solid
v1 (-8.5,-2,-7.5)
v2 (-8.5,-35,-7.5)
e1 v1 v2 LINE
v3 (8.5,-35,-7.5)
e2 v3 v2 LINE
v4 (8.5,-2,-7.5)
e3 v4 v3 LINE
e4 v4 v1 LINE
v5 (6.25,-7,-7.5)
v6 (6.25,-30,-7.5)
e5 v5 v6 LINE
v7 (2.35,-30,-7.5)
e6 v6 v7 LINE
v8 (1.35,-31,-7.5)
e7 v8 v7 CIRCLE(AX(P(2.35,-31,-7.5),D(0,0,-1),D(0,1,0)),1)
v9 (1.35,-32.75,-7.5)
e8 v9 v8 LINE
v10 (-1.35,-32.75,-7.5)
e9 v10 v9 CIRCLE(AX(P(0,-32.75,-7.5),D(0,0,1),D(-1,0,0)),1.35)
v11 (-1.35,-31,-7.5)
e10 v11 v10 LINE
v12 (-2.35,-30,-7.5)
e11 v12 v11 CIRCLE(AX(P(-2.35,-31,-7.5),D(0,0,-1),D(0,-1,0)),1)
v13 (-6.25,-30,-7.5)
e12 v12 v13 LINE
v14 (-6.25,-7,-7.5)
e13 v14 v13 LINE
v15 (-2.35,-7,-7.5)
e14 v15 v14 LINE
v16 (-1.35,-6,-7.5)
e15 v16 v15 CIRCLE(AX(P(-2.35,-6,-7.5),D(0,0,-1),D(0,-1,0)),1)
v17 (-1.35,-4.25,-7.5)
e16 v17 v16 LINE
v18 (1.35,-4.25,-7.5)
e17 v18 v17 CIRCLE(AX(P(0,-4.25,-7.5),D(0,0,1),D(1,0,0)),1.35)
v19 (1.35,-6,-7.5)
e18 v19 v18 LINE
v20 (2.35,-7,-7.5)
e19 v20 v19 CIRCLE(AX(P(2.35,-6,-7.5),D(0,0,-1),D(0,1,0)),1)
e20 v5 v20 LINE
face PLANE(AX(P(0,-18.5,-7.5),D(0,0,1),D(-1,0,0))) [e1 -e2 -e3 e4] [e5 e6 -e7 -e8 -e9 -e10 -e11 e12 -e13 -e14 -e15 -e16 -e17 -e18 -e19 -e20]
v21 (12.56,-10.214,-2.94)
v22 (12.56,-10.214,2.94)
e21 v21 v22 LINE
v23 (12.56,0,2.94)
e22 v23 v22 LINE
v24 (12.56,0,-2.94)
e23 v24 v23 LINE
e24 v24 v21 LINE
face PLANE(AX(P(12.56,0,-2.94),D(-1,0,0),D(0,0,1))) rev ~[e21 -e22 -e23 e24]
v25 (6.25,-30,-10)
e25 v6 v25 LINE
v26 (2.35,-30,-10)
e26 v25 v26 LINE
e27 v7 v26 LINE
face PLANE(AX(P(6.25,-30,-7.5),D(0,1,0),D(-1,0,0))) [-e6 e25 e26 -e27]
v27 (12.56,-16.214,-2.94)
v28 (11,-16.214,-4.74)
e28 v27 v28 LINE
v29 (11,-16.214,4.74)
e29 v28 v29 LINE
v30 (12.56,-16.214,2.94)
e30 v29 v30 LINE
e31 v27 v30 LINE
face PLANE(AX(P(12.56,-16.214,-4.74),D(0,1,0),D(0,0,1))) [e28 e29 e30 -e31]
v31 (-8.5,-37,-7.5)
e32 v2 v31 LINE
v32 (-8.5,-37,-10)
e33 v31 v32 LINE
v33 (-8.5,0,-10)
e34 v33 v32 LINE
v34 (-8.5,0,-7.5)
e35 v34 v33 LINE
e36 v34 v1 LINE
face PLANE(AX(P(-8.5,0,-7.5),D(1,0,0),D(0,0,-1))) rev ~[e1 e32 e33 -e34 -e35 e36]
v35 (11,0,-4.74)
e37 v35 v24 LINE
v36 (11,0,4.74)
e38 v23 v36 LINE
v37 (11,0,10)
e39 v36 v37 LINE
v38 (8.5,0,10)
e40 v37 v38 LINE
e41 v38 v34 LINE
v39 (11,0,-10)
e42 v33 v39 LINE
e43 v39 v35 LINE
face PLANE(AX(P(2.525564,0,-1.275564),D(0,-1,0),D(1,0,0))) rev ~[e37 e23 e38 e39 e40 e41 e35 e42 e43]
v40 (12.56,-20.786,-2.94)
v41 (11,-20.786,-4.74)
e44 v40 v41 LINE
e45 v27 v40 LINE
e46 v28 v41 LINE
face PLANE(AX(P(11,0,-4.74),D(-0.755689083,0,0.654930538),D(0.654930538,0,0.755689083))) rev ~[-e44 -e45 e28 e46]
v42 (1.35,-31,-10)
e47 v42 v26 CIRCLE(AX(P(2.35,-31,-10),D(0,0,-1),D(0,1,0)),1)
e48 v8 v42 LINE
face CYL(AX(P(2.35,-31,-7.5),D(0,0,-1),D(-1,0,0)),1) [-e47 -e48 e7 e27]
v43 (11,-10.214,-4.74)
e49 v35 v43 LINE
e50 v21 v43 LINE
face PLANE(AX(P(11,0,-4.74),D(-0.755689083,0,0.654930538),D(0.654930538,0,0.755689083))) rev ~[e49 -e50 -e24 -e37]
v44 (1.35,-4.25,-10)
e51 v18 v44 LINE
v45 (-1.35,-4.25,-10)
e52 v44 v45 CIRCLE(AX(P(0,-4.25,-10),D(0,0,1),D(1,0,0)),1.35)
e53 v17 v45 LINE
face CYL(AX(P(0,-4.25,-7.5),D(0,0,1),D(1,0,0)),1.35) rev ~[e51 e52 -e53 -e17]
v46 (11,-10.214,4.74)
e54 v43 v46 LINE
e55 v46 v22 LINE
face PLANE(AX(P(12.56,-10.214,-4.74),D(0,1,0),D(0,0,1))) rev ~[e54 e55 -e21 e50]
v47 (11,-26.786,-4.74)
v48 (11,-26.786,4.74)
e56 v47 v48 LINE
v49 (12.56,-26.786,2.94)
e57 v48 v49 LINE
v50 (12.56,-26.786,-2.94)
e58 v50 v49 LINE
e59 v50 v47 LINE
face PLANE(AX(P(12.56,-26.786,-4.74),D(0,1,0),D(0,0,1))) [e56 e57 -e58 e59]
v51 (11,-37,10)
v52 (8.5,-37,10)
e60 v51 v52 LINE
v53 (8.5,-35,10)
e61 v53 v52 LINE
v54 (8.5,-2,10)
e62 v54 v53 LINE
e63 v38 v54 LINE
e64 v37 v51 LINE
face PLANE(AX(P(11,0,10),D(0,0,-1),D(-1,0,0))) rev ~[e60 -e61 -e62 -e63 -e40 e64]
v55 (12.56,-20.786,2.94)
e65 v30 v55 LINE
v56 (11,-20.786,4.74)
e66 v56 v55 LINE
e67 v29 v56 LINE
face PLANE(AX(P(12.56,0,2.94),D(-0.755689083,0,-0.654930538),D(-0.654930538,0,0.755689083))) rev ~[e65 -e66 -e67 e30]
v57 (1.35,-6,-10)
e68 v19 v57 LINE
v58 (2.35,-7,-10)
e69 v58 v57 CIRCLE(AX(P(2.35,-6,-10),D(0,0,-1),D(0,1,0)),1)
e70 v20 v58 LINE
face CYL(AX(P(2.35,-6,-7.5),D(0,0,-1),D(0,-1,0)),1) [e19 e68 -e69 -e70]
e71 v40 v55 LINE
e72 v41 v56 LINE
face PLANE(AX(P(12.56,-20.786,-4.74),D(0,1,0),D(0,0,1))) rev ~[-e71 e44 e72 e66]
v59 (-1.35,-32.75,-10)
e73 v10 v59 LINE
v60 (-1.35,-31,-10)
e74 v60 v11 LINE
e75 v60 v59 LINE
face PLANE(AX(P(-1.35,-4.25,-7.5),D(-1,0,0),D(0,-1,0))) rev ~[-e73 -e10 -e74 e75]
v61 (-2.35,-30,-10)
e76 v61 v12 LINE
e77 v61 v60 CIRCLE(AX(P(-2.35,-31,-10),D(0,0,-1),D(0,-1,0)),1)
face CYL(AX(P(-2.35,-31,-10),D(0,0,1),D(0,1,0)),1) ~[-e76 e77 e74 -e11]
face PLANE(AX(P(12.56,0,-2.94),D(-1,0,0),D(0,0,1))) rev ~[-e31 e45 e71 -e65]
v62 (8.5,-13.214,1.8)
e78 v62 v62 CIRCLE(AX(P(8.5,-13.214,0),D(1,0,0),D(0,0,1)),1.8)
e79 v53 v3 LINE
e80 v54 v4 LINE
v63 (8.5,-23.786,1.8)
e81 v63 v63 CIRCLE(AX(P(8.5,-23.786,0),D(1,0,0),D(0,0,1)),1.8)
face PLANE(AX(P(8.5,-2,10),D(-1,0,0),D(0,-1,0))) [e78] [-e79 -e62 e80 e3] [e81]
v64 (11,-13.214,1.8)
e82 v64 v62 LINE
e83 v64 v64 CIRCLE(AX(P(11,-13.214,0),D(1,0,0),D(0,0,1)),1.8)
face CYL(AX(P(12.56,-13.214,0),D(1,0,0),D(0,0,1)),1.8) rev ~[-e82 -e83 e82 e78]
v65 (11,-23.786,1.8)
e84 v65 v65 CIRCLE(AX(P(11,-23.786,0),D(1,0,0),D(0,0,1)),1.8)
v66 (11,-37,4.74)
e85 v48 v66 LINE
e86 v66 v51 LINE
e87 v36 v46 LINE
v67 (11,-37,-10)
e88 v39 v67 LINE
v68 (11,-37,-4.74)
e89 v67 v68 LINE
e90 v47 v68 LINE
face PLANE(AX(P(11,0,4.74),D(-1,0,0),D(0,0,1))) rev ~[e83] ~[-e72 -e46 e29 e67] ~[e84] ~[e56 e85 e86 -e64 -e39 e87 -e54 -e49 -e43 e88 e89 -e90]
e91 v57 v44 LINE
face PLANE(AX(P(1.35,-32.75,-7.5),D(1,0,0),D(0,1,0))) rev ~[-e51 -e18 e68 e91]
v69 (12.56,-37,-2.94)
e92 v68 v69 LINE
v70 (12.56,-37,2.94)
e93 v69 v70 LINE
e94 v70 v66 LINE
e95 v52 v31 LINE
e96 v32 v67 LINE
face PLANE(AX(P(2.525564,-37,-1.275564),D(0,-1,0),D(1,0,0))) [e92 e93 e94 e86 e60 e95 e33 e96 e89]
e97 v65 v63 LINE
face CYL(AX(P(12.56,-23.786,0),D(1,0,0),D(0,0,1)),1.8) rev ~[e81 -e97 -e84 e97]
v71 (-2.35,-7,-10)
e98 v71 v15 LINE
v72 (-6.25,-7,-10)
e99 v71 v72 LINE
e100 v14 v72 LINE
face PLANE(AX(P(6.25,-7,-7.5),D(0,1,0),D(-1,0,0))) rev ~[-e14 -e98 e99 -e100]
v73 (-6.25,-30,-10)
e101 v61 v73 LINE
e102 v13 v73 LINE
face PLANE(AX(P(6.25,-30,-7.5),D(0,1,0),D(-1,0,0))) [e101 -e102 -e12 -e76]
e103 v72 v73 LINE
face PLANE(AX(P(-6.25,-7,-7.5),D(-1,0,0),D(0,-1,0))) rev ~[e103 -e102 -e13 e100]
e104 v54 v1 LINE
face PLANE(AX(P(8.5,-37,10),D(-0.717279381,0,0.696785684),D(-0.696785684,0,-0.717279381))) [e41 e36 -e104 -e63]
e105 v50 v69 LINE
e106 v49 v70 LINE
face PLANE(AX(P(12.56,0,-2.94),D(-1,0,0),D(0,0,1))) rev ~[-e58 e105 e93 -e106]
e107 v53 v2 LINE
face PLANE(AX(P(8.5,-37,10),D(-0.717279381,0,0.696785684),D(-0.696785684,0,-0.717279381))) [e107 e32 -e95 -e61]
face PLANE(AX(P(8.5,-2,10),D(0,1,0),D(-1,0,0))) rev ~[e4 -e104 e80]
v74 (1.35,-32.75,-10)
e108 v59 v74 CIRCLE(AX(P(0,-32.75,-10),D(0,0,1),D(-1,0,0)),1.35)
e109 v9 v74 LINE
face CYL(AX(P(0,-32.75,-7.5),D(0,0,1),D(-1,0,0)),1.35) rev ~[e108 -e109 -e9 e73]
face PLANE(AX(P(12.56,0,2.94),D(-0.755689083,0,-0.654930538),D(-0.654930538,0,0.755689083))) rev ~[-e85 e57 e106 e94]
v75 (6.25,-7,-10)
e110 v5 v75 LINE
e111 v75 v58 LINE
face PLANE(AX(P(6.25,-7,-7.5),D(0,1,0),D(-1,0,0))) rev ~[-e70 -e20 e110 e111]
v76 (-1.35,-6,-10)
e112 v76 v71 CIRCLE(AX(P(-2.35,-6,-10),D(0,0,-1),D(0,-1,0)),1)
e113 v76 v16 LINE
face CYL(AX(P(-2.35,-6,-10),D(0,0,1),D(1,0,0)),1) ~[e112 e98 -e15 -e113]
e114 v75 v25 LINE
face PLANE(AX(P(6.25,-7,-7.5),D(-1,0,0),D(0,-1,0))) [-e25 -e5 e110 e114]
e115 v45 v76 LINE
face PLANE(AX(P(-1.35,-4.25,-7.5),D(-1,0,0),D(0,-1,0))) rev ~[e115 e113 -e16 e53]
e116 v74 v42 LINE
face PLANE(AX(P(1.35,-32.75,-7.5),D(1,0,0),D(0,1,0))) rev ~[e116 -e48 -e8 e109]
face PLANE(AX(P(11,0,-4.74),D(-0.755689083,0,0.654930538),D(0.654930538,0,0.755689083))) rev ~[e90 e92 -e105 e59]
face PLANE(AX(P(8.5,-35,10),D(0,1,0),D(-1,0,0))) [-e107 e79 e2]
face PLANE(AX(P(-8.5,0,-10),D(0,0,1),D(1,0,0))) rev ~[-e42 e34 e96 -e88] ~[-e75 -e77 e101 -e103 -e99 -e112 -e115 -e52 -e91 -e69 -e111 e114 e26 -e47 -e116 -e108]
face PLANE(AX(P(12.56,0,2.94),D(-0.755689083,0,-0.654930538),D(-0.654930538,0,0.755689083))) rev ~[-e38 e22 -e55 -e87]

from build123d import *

# Parameters (mm, degrees)
PAD_DEPTH       = 37
PAD001_DEPTH    = 37
SKETCH002_W     = 17
SKETCH002_H     = 33
POCKET_DEPTH    = 17.5
SKETCH003_R     = 1.8
POCKET001_DEPTH = 21.061
SKETCH004_W     = 9.48
SKETCH004_H     = 6
POCKET002_DEPTH = 1.56
SKETCH005_W     = 12.5
SKETCH005_H     = 23
POCKET003_DEPTH = 2.501
POCKET004_DEPTH = 2.501
FILLET_R        = 1


with BuildPart() as part:
    # Sketch → Pad (new body)
    with BuildSketch(Plane.XZ):
        Polygon((-8.5, -7.5), (-8.5, -10), (11, -10), (11, -4.74), (12.56, -2.94), (12.56, 2.94), (11, 4.74), (11, 10), (8.5, 10), (8.5, -7.5), align=None)
    extrude(amount=PAD_DEPTH)

    # Sketch001 (on Face12 of Pad) → Pad001 (join)
    with BuildSketch(Plane.XZ.offset(37)):
        Polygon((8.5, 10), (-8.5, -7.5), (8.5, -7.5), align=None)
    extrude(amount=-PAD001_DEPTH)

    # Sketch002 (on Face8 of Pad001) → Pocket (cut)
    with BuildSketch(Plane(origin=(0, 0, 10), x_dir=(-1, 0, 0), z_dir=(0, 0, 1))):
        with Locations((0, 18.5)):
            Rectangle(SKETCH002_W, SKETCH002_H)
    extrude(amount=-POCKET_DEPTH, mode=Mode.SUBTRACT)

    # Sketch003 (on Face16 of Pocket) → Pocket001 (cut, through all)
    with BuildSketch(Plane(origin=(12.56, 0, 0), x_dir=(0, 0, 1), z_dir=(1, 0, 0))):
        with Locations((0, 23.786)):
            Circle(SKETCH003_R)
        with Locations((0, 13.214)):
            Circle(SKETCH003_R)
    extrude(amount=-POCKET001_DEPTH, mode=Mode.SUBTRACT)

    # Sketch004 (on Face16 of Pocket001) → Pocket002 (cut)
    with BuildSketch(Plane(origin=(12.56, 0, 0), x_dir=(0, 0, 1), z_dir=(1, 0, 0))):
        with Locations((0, 23.786)):
            Rectangle(SKETCH004_W, SKETCH004_H)
        with Locations((0, 13.214)):
            Rectangle(SKETCH004_W, SKETCH004_H)
    extrude(amount=-POCKET002_DEPTH, mode=Mode.SUBTRACT)

    # Sketch005 (on Face3 of Pocket002) → Pocket003 (cut, through all)
    with BuildSketch(Plane(origin=(0, 0, -7.5), x_dir=(-1, 0, 0), z_dir=(0, 0, 1))):
        with Locations((0, 18.5)):
            Rectangle(SKETCH005_W, SKETCH005_H)
    extrude(amount=-POCKET003_DEPTH, mode=Mode.SUBTRACT)

    # Sketch006 (on Face3 of Pocket003) → Pocket004 (cut, through all)
    with BuildSketch(Plane(origin=(0, 0, -7.5), x_dir=(-1, 0, 0), z_dir=(0, 0, 1))):
        with BuildLine():
            ThreePointArc((1.35, 32.75), (0, 34.1), (-1.35, 32.75))
            Line((-1.35, 32.75), (-1.35, 4.25))
            ThreePointArc((-1.35, 4.25), (0, 2.9), (1.35, 4.25))
            Line((1.35, 4.25), (1.35, 32.75))
        make_face()
    extrude(amount=-POCKET004_DEPTH, mode=Mode.SUBTRACT)

    # Fillet
    fillet_edges = [part.edges().sort_by_distance(p)[0] for p in [
        (1.35, -30, -8.75),
        (-1.35, -30, -8.75),
        (1.35, -7, -8.75),
        (-1.35, -7, -8.75),
    ]]
    fillet(fillet_edges, radius=FILLET_R)


solid = part.part
